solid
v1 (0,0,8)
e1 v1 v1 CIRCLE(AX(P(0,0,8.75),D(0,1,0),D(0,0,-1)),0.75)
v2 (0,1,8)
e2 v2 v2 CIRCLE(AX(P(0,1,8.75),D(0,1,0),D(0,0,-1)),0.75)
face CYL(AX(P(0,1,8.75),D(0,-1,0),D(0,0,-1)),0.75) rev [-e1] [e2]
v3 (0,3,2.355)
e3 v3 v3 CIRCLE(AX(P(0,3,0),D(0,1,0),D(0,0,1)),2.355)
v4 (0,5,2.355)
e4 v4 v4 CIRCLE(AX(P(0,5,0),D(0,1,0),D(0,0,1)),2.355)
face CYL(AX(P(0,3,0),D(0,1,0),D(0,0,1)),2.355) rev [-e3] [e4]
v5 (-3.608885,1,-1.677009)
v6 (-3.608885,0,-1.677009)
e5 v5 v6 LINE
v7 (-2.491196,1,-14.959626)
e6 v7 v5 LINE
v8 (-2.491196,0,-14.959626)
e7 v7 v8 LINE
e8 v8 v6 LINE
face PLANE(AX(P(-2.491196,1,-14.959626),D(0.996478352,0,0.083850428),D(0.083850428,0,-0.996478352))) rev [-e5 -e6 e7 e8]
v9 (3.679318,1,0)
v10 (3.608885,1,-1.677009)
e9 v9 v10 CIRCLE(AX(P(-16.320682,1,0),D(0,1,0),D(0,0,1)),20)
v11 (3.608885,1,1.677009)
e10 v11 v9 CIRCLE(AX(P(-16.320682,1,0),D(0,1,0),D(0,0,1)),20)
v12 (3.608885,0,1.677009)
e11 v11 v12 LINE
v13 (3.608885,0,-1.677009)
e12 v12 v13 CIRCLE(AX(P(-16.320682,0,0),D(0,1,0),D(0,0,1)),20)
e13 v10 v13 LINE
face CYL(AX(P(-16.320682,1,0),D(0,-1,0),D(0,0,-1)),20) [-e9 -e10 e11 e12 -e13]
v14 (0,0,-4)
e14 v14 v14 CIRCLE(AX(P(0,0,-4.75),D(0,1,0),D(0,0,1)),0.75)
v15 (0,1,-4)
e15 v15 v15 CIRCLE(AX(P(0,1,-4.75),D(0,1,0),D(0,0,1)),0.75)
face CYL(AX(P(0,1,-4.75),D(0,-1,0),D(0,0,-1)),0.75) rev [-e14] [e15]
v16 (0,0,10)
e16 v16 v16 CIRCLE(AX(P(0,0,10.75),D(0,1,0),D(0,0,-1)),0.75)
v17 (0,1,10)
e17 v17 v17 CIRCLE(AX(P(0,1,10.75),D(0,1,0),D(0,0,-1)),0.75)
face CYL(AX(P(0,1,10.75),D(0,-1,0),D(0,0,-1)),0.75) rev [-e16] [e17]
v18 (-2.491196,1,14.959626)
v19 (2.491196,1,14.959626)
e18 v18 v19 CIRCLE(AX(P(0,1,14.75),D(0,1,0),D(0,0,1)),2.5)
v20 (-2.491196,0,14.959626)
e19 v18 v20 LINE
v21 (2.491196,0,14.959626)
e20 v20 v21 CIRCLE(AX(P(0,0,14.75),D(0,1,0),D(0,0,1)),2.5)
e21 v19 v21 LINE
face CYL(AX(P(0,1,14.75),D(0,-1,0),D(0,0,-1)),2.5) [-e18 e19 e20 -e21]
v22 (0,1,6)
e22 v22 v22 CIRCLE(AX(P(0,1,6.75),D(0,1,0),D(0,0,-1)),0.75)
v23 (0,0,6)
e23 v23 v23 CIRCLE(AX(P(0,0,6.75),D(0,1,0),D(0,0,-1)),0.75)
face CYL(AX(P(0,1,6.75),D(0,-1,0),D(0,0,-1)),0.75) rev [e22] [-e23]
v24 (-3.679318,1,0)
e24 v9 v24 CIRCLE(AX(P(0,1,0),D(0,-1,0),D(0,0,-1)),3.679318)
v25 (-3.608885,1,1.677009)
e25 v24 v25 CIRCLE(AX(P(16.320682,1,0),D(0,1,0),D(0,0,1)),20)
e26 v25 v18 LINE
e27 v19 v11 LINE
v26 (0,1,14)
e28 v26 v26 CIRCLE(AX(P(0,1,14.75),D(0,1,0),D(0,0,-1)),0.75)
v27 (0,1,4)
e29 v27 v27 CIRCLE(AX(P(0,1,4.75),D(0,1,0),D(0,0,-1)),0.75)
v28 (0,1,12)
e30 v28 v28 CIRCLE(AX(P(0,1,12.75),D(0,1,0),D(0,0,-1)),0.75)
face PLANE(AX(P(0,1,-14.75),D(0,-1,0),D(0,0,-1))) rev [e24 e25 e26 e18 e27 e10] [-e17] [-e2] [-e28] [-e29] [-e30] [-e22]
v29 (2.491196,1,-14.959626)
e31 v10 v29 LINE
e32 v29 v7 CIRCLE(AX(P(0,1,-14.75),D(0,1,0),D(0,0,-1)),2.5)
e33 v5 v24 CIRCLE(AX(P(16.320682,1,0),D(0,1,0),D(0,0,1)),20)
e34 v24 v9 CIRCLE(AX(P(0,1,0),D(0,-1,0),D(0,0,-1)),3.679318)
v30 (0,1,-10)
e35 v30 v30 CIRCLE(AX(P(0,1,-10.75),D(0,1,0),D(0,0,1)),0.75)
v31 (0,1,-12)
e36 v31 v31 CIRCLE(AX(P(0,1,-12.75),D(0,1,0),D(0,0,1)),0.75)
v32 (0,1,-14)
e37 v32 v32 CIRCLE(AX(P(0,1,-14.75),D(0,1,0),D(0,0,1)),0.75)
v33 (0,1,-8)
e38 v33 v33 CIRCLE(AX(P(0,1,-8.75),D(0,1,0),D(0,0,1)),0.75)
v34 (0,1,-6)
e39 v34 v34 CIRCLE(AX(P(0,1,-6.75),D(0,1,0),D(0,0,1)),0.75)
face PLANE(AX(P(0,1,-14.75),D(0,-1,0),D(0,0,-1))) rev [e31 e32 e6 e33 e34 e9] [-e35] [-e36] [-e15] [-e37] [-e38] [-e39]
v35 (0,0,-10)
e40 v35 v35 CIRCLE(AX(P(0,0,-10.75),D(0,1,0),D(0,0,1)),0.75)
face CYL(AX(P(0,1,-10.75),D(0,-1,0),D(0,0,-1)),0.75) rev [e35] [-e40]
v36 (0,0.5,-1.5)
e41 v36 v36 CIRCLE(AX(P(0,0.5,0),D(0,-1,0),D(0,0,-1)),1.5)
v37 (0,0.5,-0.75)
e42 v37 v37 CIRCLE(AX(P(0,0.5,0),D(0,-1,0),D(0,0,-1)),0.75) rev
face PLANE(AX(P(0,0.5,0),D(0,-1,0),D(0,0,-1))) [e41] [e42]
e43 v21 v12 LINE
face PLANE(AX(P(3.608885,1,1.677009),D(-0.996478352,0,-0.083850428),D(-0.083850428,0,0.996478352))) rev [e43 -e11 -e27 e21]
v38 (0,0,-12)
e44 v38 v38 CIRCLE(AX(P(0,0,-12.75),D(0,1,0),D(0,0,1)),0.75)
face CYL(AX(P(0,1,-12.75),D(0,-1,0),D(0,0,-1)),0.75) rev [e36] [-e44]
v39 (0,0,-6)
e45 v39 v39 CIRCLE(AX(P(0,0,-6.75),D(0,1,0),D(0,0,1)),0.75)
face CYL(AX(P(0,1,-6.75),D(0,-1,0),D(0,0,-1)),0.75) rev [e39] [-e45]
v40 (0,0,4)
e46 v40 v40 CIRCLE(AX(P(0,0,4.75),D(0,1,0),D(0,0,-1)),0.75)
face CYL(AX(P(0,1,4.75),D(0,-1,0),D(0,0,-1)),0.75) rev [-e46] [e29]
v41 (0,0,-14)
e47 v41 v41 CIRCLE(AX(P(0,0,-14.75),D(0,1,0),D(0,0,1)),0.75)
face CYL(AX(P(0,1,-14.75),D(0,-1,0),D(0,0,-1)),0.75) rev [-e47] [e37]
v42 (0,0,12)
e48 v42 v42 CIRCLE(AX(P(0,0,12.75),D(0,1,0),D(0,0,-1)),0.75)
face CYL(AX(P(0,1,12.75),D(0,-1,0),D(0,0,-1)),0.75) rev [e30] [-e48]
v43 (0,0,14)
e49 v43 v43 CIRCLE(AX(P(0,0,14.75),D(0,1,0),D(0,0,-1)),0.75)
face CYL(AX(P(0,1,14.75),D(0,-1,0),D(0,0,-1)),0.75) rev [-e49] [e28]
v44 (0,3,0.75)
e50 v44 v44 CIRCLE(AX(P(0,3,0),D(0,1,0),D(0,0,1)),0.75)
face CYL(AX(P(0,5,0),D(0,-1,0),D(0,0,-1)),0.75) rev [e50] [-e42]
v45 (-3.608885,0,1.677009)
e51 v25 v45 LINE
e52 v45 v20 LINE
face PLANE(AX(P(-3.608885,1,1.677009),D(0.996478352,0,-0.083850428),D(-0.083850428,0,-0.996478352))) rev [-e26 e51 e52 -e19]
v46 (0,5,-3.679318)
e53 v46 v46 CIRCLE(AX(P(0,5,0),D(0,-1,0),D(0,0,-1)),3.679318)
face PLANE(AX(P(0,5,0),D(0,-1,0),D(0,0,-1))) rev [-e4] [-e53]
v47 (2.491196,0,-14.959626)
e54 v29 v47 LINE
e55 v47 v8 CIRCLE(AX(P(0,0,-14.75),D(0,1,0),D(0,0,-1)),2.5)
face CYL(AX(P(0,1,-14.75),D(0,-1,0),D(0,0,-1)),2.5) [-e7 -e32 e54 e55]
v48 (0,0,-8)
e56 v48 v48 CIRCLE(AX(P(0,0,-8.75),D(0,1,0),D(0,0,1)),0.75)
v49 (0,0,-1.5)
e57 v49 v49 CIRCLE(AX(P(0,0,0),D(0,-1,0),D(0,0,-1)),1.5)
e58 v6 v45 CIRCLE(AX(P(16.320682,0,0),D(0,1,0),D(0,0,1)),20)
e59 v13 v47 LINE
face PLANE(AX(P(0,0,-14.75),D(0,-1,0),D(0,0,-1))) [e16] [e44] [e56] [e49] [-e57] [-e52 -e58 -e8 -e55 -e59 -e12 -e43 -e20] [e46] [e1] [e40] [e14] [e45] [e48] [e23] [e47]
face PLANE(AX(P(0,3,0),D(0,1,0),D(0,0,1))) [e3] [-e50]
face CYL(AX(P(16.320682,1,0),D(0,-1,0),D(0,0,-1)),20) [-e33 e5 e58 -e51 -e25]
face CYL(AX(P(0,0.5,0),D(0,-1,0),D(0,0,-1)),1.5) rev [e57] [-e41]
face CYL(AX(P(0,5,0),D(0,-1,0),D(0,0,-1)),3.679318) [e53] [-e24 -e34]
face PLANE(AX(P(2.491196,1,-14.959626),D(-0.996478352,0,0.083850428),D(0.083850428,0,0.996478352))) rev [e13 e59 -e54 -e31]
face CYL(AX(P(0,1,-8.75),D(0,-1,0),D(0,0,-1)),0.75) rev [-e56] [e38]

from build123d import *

# Parameters (mm, degrees)
SKETCH1_R           = 0.75
BOSS_EXTRUDE1_DEPTH = 1
SKETCH2_R           = 3.67931812
BOSS_EXTRUDE2_DEPTH = 5
SKETCH2_3_R         = 1.5
CUT_EXTRUDE1_DEPTH  = 0.5
SKETCH1_2_R         = 0.75
CUT_EXTRUDE2_DEPTH  = 19.333027078
SKETCH3_R           = 2.355
CUT_EXTRUDE3_DEPTH  = 2


with BuildPart() as part:
    # Sketch1 → Boss-Extrude1 (new body)
    with BuildSketch(Plane(origin=(0, 0, 0), x_dir=(1, 0, 0), z_dir=(0, 1, 0))):
        with BuildLine():
            Line((-2.49119588, 14.959626071), (-3.608885156, 1.677008569))
            ThreePointArc((-3.608885156, 1.677008569), (-3.67931812, 0), (-3.608885156, -1.677008569))
            Line((-3.608885156, -1.677008569), (-2.49119588, -14.959626071))
            ThreePointArc((-2.49119588, -14.959626071), (0, -17.25), (2.49119588, -14.959626071))
            Line((2.49119588, -14.959626071), (3.608885156, -1.677008569))
            ThreePointArc((3.608885156, -1.677008569), (3.67931812, 0), (3.608885156, 1.677008569))
            Line((3.608885156, 1.677008569), (2.49119588, 14.959626071))
            ThreePointArc((2.49119588, 14.959626071), (0, 17.25), (-2.49119588, 14.959626071))
        make_face()
        with Locations((0, 14.75)):
            Circle(SKETCH1_R, mode=Mode.SUBTRACT)
        with Locations((0, 12.75)):
            Circle(SKETCH1_R, mode=Mode.SUBTRACT)
        with Locations((0, 10.75)):
            Circle(SKETCH1_R, mode=Mode.SUBTRACT)
        with Locations((0, 8.75)):
            Circle(SKETCH1_R, mode=Mode.SUBTRACT)
        with Locations((0, 6.75)):
            Circle(SKETCH1_R, mode=Mode.SUBTRACT)
        with Locations((0, 4.75)):
            Circle(SKETCH1_R, mode=Mode.SUBTRACT)
        Circle(SKETCH1_R, mode=Mode.SUBTRACT)
        with Locations((0, -4.75)):
            Circle(SKETCH1_R, mode=Mode.SUBTRACT)
        with Locations((0, -6.75)):
            Circle(SKETCH1_R, mode=Mode.SUBTRACT)
        with Locations((0, -8.75)):
            Circle(SKETCH1_R, mode=Mode.SUBTRACT)
        with Locations((0, -10.75)):
            Circle(SKETCH1_R, mode=Mode.SUBTRACT)
        with Locations((0, -12.75)):
            Circle(SKETCH1_R, mode=Mode.SUBTRACT)
        with Locations((0, -14.75)):
            Circle(SKETCH1_R, mode=Mode.SUBTRACT)
    extrude(amount=BOSS_EXTRUDE1_DEPTH)

    # Sketch2 → Boss-Extrude2 (add)
    with BuildSketch(Plane.XZ):
        Circle(SKETCH2_R)
    extrude(amount=-BOSS_EXTRUDE2_DEPTH)

    # Sketch2<3> → Cut-Extrude1 (cut)
    with BuildSketch(Plane.XZ):
        Circle(SKETCH2_3_R)
    extrude(amount=-CUT_EXTRUDE1_DEPTH, mode=Mode.SUBTRACT)

    # Sketch1<2> → Cut-Extrude2 (cut, through all)
    with BuildSketch(Plane(origin=(0, 0, 0), x_dir=(1, 0, 0), z_dir=(0, 1, 0))):
        Circle(SKETCH1_2_R)
    extrude(amount=CUT_EXTRUDE2_DEPTH, mode=Mode.SUBTRACT)

    # Sketch3 → Cut-Extrude3 (cut)
    with BuildSketch(Plane(origin=(0, 5, 0), x_dir=(1, 0, 0), z_dir=(0, 1, 0))):
        Circle(SKETCH3_R)
    extrude(amount=-CUT_EXTRUDE3_DEPTH, mode=Mode.SUBTRACT)


solid = part.part
